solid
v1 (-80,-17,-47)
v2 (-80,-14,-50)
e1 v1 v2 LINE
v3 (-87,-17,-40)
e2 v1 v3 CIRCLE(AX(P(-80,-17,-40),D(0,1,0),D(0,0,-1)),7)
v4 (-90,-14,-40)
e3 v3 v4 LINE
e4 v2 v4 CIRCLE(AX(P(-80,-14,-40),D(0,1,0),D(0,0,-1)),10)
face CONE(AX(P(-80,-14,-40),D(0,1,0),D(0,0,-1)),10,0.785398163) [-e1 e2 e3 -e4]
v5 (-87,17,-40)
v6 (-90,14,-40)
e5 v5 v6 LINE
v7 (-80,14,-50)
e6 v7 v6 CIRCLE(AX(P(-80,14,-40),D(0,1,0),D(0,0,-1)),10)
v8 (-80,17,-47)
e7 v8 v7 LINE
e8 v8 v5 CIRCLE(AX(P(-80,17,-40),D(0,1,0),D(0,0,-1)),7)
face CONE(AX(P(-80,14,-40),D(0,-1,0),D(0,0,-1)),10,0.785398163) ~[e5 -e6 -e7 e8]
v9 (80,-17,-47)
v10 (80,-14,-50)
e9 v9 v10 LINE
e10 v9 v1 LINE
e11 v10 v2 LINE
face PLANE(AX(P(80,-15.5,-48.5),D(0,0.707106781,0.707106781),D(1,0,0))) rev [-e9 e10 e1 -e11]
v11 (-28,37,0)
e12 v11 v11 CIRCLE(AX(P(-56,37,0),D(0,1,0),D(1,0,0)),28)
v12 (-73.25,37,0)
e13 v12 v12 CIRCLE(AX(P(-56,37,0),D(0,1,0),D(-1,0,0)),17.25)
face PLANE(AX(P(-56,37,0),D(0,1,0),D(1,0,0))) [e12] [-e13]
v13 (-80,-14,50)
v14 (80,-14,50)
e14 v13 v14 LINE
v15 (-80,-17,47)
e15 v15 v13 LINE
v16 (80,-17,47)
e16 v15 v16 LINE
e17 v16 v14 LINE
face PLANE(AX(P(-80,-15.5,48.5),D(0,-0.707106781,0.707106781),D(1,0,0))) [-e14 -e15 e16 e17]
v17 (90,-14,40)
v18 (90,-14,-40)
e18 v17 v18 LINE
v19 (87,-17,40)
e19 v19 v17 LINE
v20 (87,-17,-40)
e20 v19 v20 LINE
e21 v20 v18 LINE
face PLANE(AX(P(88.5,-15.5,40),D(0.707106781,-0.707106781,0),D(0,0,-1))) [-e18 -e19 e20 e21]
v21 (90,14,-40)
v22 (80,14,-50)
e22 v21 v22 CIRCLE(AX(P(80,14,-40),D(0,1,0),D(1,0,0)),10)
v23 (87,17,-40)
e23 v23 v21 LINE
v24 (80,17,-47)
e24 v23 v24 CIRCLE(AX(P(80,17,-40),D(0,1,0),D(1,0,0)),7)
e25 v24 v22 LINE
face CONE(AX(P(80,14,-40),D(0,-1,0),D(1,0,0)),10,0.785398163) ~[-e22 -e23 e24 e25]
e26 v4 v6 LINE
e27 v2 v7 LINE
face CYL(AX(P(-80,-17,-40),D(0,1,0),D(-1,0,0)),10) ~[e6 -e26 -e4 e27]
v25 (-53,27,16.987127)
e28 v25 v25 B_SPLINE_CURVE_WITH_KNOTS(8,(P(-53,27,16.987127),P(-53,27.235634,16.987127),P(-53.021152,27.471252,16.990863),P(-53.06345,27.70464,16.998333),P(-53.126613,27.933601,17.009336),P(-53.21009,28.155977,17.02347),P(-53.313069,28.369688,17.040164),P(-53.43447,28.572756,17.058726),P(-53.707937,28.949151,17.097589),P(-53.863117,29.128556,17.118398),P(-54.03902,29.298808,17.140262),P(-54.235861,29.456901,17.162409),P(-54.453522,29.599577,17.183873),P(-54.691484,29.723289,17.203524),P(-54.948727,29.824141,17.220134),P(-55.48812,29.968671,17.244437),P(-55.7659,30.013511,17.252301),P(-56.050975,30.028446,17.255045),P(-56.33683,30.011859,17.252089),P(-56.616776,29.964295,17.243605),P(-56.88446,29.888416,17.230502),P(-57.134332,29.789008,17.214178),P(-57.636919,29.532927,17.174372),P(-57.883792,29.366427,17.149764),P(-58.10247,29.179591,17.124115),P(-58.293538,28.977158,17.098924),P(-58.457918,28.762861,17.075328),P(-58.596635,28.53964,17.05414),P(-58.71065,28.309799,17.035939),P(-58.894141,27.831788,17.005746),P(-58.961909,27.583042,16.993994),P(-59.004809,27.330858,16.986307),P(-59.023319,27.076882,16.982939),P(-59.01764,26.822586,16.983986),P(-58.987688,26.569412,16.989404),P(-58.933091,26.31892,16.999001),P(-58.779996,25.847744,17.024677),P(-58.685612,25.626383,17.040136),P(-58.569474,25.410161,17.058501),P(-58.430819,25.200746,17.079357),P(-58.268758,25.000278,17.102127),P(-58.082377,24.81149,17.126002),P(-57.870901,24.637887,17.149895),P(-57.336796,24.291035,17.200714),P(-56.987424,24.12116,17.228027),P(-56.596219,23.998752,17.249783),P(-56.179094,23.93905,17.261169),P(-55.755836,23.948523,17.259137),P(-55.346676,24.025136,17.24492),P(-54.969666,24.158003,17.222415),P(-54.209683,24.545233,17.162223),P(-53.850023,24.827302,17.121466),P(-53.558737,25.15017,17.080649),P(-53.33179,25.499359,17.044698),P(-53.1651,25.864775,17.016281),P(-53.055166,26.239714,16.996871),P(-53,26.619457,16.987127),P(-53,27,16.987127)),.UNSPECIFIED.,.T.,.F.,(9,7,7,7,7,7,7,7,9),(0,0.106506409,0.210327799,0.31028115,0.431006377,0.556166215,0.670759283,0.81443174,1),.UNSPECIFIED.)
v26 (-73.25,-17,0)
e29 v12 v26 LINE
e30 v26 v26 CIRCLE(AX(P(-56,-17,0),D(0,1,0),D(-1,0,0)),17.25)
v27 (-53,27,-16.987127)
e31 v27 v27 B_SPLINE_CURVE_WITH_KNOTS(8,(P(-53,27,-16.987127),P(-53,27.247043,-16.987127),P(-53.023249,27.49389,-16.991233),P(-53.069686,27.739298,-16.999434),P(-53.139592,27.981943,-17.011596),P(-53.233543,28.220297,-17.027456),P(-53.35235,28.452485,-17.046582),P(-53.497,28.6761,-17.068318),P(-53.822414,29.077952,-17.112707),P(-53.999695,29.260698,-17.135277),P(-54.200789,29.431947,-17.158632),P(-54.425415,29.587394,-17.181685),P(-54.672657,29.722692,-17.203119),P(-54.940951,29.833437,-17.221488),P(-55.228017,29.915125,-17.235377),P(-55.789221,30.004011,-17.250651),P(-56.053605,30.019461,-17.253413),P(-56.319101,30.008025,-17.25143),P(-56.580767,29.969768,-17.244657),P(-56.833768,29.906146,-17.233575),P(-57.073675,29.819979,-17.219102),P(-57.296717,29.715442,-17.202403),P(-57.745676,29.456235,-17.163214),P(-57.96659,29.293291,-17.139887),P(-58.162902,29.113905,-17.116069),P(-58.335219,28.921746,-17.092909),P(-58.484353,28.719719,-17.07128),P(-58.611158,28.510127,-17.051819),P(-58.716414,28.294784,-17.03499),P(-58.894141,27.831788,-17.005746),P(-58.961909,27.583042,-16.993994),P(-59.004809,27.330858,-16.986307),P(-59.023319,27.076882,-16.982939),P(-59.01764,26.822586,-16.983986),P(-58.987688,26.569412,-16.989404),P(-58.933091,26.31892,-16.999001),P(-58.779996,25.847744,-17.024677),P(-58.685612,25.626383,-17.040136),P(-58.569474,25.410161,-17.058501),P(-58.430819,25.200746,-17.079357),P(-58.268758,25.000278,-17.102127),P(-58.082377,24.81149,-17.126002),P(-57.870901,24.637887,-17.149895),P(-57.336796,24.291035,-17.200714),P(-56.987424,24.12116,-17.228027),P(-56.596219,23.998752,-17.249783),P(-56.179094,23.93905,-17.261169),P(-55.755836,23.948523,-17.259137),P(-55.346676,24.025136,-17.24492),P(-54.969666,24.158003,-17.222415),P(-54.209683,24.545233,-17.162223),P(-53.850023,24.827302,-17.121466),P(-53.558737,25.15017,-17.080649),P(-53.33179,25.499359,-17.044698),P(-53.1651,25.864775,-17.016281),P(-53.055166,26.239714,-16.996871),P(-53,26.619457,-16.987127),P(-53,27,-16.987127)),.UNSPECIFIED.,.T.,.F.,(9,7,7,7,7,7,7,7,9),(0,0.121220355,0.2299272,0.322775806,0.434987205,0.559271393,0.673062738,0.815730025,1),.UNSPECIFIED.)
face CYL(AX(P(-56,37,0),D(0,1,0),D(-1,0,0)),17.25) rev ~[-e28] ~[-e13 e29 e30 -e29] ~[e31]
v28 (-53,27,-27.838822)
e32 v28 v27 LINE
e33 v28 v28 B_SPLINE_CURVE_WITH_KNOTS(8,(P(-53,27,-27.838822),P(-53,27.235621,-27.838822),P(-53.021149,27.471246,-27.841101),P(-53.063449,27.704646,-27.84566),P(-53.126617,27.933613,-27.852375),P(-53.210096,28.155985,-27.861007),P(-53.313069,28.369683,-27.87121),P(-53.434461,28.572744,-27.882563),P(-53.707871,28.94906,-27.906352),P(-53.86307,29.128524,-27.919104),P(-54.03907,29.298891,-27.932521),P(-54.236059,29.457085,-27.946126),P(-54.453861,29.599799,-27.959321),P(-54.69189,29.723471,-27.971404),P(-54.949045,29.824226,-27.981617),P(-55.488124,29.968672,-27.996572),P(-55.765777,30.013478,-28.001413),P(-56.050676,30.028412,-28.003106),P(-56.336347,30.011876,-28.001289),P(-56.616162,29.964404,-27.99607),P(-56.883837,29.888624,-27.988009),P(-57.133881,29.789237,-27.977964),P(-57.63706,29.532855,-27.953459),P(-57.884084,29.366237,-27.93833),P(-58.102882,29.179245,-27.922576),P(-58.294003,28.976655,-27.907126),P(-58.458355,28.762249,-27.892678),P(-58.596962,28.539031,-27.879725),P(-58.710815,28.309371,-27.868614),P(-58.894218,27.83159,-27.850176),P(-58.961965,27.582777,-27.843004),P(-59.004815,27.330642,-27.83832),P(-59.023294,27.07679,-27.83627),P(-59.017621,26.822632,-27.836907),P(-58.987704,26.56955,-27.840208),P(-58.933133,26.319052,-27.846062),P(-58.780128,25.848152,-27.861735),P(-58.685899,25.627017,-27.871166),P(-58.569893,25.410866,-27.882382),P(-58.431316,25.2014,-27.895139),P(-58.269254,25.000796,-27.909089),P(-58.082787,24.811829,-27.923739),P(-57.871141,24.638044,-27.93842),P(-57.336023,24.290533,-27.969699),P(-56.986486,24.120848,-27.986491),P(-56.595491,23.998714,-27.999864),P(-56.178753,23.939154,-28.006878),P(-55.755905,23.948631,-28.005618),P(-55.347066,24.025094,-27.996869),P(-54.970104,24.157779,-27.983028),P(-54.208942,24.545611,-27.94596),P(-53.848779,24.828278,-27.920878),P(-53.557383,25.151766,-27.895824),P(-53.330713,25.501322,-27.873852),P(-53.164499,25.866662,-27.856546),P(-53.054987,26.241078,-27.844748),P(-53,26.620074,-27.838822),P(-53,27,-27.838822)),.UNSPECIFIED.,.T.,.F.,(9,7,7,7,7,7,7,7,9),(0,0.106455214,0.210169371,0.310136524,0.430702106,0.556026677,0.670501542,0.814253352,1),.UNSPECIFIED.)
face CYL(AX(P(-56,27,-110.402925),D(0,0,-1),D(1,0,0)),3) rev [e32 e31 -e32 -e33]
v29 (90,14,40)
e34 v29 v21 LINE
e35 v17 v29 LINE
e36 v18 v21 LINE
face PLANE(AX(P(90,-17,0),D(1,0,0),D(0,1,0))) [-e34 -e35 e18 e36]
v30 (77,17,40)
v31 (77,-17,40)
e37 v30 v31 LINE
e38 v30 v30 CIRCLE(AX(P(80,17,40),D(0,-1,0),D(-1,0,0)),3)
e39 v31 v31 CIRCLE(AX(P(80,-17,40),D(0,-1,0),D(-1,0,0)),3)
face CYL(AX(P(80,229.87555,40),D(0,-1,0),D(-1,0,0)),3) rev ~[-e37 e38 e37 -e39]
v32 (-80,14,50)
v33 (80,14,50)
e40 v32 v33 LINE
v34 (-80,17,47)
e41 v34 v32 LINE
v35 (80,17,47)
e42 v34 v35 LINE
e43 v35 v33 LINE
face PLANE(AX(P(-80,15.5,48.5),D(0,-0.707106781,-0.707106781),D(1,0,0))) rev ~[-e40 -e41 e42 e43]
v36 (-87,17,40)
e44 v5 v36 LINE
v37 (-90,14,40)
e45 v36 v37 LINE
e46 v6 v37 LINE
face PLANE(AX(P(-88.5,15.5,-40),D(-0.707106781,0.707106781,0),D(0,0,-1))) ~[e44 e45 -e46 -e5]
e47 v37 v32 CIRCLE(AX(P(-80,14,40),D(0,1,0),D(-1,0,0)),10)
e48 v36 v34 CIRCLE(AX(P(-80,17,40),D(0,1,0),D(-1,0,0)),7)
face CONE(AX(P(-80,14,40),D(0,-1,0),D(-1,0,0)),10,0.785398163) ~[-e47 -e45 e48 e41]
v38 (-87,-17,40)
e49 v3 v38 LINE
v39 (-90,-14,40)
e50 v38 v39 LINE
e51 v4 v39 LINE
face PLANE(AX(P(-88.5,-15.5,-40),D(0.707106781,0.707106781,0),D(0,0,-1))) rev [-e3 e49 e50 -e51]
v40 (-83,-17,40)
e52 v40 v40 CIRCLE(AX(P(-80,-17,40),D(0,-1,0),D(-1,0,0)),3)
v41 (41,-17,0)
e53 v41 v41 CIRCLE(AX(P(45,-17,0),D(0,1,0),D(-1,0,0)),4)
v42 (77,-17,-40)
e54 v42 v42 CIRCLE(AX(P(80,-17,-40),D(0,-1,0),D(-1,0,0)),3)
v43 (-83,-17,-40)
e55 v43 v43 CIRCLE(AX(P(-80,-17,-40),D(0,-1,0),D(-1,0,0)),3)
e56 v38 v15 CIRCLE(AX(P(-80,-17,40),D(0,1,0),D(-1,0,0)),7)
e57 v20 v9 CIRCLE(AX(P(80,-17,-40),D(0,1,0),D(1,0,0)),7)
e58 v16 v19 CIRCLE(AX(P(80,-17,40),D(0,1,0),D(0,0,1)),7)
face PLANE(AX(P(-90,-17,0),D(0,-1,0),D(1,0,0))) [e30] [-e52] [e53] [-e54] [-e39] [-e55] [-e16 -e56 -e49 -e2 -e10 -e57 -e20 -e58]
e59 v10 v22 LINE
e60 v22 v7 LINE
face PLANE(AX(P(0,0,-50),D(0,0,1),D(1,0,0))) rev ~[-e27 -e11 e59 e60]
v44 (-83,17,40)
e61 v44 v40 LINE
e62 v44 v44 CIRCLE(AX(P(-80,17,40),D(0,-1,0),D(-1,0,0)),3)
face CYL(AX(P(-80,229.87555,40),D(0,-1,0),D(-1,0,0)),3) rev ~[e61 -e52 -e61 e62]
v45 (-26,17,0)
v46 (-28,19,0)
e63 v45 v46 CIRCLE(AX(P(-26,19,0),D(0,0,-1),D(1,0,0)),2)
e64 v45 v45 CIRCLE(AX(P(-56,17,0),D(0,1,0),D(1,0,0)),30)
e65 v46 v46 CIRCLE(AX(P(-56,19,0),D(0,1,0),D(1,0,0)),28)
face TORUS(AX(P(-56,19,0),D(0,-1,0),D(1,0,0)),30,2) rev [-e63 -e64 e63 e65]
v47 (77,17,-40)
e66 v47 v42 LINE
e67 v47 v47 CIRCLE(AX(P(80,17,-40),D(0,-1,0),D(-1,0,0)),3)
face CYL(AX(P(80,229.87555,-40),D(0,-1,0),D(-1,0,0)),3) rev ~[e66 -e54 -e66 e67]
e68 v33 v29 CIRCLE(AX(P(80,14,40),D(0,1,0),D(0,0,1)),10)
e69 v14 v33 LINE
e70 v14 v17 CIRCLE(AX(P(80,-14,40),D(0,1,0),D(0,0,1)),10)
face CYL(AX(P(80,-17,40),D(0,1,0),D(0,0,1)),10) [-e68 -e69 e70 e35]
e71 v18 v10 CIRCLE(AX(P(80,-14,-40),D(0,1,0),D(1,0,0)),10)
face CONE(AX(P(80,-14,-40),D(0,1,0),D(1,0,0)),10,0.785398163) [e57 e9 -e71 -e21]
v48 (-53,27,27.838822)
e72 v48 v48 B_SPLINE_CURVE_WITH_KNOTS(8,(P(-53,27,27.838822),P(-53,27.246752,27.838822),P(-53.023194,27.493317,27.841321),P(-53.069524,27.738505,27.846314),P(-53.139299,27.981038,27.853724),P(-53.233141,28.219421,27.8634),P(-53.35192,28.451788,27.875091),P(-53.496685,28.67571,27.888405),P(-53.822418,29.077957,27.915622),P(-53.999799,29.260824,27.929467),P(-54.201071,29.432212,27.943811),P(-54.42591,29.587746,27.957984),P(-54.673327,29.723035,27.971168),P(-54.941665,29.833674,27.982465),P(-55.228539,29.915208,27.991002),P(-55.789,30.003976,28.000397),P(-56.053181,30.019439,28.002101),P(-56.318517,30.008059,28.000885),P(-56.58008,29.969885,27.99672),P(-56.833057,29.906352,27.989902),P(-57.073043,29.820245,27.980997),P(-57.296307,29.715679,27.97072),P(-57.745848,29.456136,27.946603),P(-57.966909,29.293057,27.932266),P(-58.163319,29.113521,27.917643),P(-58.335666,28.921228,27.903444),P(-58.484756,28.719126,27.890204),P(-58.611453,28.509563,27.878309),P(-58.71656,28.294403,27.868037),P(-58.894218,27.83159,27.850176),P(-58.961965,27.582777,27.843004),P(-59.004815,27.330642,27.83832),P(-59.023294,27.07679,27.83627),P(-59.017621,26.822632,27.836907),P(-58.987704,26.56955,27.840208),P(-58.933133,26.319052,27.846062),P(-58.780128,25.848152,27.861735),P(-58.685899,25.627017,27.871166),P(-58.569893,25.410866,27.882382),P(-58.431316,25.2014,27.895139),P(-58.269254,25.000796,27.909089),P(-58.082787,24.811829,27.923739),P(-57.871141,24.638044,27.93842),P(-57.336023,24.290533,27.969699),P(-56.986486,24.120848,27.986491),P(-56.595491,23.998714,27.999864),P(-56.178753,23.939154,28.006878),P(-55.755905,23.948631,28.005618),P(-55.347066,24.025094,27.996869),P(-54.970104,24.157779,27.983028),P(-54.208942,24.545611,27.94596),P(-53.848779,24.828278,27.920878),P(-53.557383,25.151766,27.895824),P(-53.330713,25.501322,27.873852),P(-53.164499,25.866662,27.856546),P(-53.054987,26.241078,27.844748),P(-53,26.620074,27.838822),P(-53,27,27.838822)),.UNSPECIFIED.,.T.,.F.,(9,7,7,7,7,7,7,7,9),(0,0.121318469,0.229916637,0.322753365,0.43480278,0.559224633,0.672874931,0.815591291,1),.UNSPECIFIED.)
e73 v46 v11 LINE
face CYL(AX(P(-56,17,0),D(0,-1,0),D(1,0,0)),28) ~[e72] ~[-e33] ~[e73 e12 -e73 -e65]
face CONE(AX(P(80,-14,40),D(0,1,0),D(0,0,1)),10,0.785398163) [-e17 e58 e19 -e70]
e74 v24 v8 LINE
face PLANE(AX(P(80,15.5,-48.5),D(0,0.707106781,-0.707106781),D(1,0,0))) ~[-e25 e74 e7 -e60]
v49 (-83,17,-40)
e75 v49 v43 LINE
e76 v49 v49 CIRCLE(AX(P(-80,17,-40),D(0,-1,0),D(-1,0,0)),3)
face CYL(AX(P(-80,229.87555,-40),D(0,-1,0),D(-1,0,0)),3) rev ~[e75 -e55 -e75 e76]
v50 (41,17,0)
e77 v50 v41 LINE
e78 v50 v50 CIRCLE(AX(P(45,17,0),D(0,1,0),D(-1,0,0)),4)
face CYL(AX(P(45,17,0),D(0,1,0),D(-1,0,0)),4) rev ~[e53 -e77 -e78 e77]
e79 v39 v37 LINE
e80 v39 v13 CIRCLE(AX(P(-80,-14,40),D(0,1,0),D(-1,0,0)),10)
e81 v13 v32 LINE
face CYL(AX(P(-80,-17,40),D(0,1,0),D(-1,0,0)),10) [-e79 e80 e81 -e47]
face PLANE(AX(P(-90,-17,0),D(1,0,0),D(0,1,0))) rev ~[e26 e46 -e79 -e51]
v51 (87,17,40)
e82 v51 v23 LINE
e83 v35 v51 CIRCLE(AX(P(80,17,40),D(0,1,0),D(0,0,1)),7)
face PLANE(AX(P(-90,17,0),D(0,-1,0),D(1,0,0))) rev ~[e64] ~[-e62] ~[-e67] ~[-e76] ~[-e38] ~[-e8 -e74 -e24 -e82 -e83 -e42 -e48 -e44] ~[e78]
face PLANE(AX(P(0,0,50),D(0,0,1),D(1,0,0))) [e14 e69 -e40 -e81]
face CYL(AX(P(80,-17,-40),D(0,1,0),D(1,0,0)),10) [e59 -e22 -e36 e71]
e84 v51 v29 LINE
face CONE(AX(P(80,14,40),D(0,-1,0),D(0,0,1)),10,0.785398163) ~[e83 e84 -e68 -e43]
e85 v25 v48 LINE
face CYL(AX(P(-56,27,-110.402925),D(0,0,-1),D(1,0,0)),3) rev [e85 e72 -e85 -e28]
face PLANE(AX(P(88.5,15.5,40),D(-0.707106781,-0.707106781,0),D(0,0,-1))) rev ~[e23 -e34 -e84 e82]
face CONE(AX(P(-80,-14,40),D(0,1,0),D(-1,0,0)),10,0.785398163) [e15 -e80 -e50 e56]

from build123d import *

# Parameters (mm, degrees)
SKETCH1_W                = 180
SKETCH1_H                = 34
BOSS_EXTRUDE1_DEPTH      = 50
FILLET1_R                = 10
CHAMFER1_SIZE            = 3
SKETCH2_R                = 28
BOSS_EXTRUDE2_DEPTH      = 20
SKETCH3_R                = 17.25
CUT_EXTRUDE1_DEPTH       = 117.258333035
SKETCH4_R                = 4
CUT_EXTRUDE2_DEPTH       = 109.425089347
FILLET2_R                = 2
F_6_0_6_DIAMETER_HOLE1_D = 6
CUT_EXTRUDE3_DEPTH       = 110.402925007
CUT_EXTRUDE3_DEPTH_BACK  = 110.402925007
SKETCH8_R                = 3


with BuildPart() as part:
    # Sketch1 → Boss-Extrude1 (new, symmetric)
    with BuildSketch(Plane.XY):
        Rectangle(SKETCH1_W, SKETCH1_H)
    extrude(amount=BOSS_EXTRUDE1_DEPTH, both=True)

    # Fillet1
    fillet1_edges = [part.edges().sort_by_distance(p)[0] for p in [
        (90, 0, 50),
        (-90, 0, 50),
        (90, 0, -50),
        (-90, 0, -50),
    ]]
    fillet(fillet1_edges, radius=FILLET1_R)

    # Chamfer1
    chamfer1_edges = [part.edges().sort_by_distance(p)[0] for p in [
        (0, -17, 50),
        (0, 17, 50),
        (0, -17, -50),
        (90, -17, 0),
        (-90, -17, 0),
        (87.071067812, -17, 47.071067812),
        (87.071067812, -17, -47.071067812),
        (-87.071067812, -17, -47.071067812),
        (-87.071067812, -17, 47.071067812),
        (-90, 17, 0),
        (0, 17, -50),
        (90, 17, 0),
        (87.071067812, 17, 47.071067812),
        (87.071067812, 17, -47.071067812),
        (-87.071067812, 17, -47.071067812),
        (-87.071067812, 17, 47.071067812),
    ]]
    chamfer(chamfer1_edges, length=CHAMFER1_SIZE)

    # Sketch2 → Boss-Extrude2 (add)
    with BuildSketch(Plane(origin=(0, 17, 0), x_dir=(1, 0, 0), z_dir=(0, 1, 0))):
        with Locations((-56, 0)):
            Circle(SKETCH2_R)
    extrude(amount=BOSS_EXTRUDE2_DEPTH)

    # Sketch3 → Cut-Extrude1 (cut, through all)
    with BuildSketch(Plane(origin=(0, 37, 0), x_dir=(1, 0, 0), z_dir=(0, 1, 0))):
        with Locations(Location((-56, 0, 0), (0, 0, 180))):
            Circle(SKETCH3_R)
    extrude(amount=-CUT_EXTRUDE1_DEPTH, mode=Mode.SUBTRACT)

    # Sketch4 → Cut-Extrude2 (cut, through all)
    with BuildSketch(Plane(origin=(0, 17, 0), x_dir=(1, 0, 0), z_dir=(0, 1, 0))):
        with Locations(Location((45, 0, 0), (0, 0, 180))):
            Circle(SKETCH4_R)
    extrude(amount=-CUT_EXTRUDE2_DEPTH, mode=Mode.SUBTRACT)

    # Fillet2
    fillet2_edges = [part.edges().sort_by_distance(p)[0] for p in [
        (-84, 17, 0),
    ]]
    fillet(fillet2_edges, radius=FILLET2_R)

    # Ø6.0 (6) Diameter Hole1 (through all)
    with Locations(Plane(origin=(0, 17, 0), x_dir=(1, 0, 0), z_dir=(0, 1, 0))):
        with Locations((80, -40), (-80, -40), (80, 40), (-80, 40)):
            Hole(F_6_0_6_DIAMETER_HOLE1_D / 2)

    # Sketch8 → Cut-Extrude3 (cut, two sides: drawn at the far end of the back side and taken through both)
    with BuildSketch(Plane.XY.offset(-CUT_EXTRUDE3_DEPTH_BACK)):
        with Locations((-56, 27)):
            Circle(SKETCH8_R)
    extrude(amount=CUT_EXTRUDE3_DEPTH + CUT_EXTRUDE3_DEPTH_BACK, mode=Mode.SUBTRACT)


solid = part.part
